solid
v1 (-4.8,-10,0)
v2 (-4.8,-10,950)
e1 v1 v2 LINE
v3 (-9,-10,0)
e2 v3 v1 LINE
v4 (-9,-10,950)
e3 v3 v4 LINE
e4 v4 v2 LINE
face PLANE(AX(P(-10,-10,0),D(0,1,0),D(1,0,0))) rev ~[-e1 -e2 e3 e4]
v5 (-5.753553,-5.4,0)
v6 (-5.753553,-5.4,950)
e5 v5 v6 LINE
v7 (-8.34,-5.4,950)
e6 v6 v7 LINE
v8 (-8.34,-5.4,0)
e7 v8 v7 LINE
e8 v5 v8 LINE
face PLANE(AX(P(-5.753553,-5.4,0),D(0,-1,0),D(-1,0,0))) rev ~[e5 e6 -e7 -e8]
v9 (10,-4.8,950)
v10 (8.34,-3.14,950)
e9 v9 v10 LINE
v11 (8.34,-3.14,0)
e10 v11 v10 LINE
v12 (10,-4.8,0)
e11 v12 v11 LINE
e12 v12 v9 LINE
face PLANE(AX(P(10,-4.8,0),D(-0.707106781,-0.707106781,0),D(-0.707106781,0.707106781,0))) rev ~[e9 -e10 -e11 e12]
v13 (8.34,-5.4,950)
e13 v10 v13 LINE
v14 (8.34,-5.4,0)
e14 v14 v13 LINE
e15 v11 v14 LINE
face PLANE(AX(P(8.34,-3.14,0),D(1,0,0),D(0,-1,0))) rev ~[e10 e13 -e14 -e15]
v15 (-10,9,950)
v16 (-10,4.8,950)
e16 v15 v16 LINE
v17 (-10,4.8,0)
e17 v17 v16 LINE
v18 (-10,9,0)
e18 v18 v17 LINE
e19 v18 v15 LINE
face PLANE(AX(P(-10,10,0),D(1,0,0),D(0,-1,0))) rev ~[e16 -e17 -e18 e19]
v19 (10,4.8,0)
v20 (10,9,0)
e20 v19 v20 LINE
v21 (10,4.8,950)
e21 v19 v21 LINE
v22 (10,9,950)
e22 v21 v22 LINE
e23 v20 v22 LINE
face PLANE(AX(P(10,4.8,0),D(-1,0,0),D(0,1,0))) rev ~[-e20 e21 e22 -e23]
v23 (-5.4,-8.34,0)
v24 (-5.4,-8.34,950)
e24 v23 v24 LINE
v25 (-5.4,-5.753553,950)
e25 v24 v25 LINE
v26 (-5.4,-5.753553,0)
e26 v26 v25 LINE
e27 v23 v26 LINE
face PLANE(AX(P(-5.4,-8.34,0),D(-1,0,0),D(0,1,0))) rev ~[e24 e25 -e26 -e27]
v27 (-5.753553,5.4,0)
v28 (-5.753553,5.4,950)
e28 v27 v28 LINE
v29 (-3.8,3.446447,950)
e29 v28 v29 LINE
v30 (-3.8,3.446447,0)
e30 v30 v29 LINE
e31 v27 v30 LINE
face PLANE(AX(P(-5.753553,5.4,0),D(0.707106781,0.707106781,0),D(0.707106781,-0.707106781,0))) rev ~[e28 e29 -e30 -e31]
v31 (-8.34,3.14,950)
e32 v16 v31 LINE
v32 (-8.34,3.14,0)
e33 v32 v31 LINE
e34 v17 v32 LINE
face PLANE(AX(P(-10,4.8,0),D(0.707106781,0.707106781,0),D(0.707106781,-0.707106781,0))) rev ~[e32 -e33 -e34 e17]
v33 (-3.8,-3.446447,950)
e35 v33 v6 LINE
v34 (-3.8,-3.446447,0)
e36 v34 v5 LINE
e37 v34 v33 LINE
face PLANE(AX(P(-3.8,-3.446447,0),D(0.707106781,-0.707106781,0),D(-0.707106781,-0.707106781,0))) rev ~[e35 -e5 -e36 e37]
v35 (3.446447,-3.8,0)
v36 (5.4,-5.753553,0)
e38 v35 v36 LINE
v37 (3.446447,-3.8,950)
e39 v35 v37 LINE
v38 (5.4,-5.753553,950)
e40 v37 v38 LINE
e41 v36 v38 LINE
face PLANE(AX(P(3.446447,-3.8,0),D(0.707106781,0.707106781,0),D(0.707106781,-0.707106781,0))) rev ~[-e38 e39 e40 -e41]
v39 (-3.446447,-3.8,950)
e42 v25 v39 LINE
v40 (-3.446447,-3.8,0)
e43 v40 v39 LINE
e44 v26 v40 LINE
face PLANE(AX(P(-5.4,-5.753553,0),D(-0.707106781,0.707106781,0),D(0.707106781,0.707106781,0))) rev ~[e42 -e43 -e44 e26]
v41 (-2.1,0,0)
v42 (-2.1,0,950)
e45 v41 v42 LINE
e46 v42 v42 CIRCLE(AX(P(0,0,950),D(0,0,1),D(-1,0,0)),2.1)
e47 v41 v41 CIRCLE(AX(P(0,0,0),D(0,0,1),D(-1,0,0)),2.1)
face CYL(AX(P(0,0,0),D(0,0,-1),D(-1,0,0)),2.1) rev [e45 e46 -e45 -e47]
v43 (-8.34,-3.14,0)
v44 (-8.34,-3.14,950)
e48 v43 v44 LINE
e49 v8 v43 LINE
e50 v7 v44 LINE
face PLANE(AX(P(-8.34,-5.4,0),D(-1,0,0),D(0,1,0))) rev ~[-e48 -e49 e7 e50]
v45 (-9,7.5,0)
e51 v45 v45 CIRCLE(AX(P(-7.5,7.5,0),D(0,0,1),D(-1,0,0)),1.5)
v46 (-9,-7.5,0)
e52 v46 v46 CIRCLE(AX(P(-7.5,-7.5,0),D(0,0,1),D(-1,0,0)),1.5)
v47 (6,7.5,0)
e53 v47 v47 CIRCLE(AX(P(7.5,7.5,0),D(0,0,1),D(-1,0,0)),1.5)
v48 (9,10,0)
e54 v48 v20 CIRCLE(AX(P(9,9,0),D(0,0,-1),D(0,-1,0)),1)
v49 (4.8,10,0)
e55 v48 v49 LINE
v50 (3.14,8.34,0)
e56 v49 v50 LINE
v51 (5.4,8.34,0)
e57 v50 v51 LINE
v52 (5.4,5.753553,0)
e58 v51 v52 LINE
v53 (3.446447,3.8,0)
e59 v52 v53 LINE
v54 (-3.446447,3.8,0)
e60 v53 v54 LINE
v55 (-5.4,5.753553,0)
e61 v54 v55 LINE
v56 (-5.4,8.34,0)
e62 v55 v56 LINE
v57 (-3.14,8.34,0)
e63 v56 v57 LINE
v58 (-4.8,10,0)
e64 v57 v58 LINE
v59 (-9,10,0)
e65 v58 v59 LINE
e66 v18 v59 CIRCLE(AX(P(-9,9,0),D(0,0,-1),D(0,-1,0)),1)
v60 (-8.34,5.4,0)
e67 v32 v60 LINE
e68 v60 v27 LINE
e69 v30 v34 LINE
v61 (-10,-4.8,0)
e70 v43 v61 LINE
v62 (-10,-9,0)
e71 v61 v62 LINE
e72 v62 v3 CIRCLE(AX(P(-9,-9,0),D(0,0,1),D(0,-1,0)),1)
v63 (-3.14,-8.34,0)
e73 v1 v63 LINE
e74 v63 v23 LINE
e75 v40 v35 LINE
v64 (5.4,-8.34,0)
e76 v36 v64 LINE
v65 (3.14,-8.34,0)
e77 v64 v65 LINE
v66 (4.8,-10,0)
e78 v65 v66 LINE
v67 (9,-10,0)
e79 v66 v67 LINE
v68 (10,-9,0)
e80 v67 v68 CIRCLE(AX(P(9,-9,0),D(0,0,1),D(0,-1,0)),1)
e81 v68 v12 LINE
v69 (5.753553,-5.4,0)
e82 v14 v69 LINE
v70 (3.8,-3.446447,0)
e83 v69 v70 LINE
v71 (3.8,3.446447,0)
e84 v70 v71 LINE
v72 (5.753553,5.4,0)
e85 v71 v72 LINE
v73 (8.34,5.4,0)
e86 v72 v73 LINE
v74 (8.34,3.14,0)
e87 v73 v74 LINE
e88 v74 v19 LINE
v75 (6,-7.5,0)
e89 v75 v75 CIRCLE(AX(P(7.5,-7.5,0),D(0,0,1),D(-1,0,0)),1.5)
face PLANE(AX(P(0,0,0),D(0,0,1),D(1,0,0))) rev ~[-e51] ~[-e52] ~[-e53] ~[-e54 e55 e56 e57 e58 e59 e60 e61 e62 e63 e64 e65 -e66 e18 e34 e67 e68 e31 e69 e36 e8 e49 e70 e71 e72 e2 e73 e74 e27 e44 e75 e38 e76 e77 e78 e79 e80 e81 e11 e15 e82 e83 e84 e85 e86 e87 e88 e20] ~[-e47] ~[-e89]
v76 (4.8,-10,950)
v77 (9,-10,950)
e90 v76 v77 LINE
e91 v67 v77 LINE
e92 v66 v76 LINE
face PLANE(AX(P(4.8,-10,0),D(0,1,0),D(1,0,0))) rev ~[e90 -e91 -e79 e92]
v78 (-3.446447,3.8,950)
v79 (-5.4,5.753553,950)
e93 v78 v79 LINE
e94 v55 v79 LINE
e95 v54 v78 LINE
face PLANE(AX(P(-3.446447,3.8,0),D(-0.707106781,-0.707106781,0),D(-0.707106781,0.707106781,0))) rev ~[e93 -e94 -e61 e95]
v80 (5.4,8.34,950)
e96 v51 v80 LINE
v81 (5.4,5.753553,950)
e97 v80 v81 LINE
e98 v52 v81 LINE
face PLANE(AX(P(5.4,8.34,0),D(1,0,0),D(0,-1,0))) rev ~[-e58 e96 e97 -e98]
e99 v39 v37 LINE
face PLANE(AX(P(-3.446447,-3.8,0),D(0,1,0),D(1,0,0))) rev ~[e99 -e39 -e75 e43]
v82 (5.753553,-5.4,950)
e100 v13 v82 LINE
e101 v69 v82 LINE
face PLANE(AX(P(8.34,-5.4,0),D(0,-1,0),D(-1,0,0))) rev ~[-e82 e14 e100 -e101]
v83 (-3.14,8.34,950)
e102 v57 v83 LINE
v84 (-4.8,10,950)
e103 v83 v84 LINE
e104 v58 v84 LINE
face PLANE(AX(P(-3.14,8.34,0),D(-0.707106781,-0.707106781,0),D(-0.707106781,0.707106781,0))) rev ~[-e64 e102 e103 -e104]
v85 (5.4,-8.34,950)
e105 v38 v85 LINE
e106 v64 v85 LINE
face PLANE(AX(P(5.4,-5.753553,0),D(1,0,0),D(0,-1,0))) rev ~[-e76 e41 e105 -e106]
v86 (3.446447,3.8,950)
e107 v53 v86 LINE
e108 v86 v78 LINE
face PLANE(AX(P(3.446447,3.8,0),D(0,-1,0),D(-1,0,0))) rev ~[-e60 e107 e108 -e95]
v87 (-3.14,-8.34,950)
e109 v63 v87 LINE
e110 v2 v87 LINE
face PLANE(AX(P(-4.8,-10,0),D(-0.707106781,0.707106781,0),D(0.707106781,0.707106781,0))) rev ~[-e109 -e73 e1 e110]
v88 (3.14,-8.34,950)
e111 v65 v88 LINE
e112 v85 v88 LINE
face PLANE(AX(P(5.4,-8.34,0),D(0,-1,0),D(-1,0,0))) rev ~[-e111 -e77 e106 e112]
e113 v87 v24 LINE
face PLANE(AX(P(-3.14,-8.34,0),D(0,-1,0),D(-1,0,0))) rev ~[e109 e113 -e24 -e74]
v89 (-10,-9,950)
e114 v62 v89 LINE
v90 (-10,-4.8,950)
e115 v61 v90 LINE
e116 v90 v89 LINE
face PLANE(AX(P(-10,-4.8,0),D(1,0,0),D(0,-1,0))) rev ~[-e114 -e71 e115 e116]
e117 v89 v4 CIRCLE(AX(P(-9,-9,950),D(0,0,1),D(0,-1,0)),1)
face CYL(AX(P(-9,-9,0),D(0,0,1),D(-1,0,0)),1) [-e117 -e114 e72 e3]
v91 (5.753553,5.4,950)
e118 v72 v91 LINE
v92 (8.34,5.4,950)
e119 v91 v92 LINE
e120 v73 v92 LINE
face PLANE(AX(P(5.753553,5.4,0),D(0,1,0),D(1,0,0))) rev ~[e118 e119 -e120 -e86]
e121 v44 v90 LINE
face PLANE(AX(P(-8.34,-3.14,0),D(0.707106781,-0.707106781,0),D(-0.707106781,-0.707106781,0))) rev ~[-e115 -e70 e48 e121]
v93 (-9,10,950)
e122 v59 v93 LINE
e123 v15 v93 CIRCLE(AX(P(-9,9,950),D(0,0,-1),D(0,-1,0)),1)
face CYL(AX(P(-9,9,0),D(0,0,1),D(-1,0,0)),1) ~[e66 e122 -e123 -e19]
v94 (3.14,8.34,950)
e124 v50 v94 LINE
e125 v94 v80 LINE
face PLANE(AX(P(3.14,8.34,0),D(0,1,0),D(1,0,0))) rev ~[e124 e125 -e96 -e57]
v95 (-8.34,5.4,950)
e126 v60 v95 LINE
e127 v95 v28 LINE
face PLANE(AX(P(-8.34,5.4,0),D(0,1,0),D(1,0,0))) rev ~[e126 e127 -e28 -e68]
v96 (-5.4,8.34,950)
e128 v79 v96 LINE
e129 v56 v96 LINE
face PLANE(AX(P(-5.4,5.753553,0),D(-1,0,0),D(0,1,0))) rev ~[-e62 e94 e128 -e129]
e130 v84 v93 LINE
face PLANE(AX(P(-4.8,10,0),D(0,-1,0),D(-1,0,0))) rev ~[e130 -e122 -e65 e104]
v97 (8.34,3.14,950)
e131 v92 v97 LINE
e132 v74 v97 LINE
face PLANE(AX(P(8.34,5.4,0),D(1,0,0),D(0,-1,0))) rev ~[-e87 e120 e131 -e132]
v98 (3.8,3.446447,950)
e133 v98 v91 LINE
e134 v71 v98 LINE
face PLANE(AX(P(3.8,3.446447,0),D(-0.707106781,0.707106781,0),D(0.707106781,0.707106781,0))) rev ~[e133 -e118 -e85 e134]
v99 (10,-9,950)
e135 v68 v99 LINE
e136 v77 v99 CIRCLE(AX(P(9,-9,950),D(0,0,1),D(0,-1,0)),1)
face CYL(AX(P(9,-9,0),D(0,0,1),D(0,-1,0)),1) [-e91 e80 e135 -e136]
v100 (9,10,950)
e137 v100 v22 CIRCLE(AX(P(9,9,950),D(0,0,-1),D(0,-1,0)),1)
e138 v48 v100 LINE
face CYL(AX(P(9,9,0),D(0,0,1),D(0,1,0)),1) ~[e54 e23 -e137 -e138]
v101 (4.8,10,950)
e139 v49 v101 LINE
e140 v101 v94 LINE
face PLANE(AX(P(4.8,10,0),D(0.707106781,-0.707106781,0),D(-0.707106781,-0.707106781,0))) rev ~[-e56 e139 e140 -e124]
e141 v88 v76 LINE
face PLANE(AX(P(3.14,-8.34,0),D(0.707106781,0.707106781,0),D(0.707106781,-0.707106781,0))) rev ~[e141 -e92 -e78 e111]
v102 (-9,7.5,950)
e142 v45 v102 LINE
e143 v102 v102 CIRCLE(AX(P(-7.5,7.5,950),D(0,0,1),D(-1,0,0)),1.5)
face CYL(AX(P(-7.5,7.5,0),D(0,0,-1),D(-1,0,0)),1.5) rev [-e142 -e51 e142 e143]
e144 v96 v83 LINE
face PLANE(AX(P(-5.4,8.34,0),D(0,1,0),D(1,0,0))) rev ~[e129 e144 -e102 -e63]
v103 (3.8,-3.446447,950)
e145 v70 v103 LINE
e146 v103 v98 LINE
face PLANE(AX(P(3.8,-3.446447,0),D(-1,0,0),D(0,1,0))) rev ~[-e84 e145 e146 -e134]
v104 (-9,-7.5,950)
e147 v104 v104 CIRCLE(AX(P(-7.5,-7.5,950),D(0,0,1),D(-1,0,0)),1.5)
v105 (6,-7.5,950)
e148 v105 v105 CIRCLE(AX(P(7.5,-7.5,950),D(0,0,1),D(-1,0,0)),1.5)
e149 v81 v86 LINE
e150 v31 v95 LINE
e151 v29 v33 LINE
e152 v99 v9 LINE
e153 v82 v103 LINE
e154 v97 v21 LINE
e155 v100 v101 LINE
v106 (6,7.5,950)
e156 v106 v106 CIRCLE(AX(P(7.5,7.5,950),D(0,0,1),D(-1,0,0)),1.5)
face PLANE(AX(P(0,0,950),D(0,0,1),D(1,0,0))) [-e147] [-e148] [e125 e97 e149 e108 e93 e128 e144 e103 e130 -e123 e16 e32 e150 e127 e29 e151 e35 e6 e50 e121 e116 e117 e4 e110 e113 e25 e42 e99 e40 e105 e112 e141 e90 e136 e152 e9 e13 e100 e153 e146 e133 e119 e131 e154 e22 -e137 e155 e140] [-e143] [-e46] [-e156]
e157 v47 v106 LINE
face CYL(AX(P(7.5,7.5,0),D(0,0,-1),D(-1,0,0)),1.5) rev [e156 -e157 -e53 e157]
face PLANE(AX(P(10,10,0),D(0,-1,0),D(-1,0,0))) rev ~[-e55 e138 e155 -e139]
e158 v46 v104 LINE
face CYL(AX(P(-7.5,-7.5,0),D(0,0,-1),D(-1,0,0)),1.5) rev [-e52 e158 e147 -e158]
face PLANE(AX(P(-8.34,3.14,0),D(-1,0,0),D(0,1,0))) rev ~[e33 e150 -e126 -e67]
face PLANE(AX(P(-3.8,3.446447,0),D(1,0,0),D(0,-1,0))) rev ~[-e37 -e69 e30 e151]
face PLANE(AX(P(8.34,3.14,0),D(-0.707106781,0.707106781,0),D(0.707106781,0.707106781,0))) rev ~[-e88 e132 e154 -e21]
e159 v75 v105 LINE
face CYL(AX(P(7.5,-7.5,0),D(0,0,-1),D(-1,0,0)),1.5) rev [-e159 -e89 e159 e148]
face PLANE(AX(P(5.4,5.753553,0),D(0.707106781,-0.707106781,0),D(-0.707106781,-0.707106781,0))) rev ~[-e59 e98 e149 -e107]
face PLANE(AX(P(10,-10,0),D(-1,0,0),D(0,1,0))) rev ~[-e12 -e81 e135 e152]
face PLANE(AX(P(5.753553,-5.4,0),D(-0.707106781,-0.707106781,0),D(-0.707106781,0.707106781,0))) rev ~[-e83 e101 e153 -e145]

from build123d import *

# Parameters (mm, degrees)
SKETCH_1_R      = 1.5
SKETCH_1_R_2    = 2.1
EXTRUDE_1_DEPTH = 950
FILLET_1_R      = 1


with BuildPart() as part:
    # 草图1 → 凸台-拉伸1 (new body)
    with BuildSketch(Plane.XY):
        Polygon((-10, 10), (-10, 4.8), (-8.34, 3.14), (-8.34, 5.4), (-5.753553391, 5.4), (-3.8, 3.446446609), (-3.8, -3.446446609), (-5.753553391, -5.4), (-8.34, -5.4), (-8.34, -3.14), (-10, -4.8), (-10, -10), (-4.8, -10), (-3.14, -8.34), (-5.4, -8.34), (-5.4, -5.753553391), (-3.446446609, -3.8), (3.446446609, -3.8), (5.4, -5.753553391), (5.4, -8.34), (3.14, -8.34), (4.8, -10), (10, -10), (10, -4.8), (8.34, -3.14), (8.34, -5.4), (5.753553391, -5.4), (3.8, -3.446446609), (3.8, 3.446446609), (5.753553391, 5.4), (8.34, 5.4), (8.34, 3.14), (10, 4.8), (10, 10), (4.8, 10), (3.14, 8.34), (5.4, 8.34), (5.4, 5.753553391), (3.446446609, 3.8), (-3.446446609, 3.8), (-5.4, 5.753553391), (-5.4, 8.34), (-3.14, 8.34), (-4.8, 10), align=None)
        with Locations(Location((-7.5, 7.5, 0), (0, 0, 180))):
            Circle(SKETCH_1_R, mode=Mode.SUBTRACT)
        with Locations(Location((0, 0, 0), (0, 0, 180))):
            Circle(SKETCH_1_R_2, mode=Mode.SUBTRACT)
        with Locations(Location((-7.5, -7.5, 0), (0, 0, 180))):
            Circle(SKETCH_1_R, mode=Mode.SUBTRACT)
        with Locations(Location((7.5, -7.5, 0), (0, 0, 180))):
            Circle(SKETCH_1_R, mode=Mode.SUBTRACT)
        with Locations(Location((7.5, 7.5, 0), (0, 0, 180))):
            Circle(SKETCH_1_R, mode=Mode.SUBTRACT)
    extrude(amount=EXTRUDE_1_DEPTH)

    # 圆角1
    fillet_1_edges = [part.edges().sort_by_distance(p)[0] for p in [
        (10, 10, 475),
        (10, -10, 475),
        (-10, -10, 475),
        (-10, 10, 475),
    ]]
    fillet(fillet_1_edges, radius=FILLET_1_R)


solid = part.part
